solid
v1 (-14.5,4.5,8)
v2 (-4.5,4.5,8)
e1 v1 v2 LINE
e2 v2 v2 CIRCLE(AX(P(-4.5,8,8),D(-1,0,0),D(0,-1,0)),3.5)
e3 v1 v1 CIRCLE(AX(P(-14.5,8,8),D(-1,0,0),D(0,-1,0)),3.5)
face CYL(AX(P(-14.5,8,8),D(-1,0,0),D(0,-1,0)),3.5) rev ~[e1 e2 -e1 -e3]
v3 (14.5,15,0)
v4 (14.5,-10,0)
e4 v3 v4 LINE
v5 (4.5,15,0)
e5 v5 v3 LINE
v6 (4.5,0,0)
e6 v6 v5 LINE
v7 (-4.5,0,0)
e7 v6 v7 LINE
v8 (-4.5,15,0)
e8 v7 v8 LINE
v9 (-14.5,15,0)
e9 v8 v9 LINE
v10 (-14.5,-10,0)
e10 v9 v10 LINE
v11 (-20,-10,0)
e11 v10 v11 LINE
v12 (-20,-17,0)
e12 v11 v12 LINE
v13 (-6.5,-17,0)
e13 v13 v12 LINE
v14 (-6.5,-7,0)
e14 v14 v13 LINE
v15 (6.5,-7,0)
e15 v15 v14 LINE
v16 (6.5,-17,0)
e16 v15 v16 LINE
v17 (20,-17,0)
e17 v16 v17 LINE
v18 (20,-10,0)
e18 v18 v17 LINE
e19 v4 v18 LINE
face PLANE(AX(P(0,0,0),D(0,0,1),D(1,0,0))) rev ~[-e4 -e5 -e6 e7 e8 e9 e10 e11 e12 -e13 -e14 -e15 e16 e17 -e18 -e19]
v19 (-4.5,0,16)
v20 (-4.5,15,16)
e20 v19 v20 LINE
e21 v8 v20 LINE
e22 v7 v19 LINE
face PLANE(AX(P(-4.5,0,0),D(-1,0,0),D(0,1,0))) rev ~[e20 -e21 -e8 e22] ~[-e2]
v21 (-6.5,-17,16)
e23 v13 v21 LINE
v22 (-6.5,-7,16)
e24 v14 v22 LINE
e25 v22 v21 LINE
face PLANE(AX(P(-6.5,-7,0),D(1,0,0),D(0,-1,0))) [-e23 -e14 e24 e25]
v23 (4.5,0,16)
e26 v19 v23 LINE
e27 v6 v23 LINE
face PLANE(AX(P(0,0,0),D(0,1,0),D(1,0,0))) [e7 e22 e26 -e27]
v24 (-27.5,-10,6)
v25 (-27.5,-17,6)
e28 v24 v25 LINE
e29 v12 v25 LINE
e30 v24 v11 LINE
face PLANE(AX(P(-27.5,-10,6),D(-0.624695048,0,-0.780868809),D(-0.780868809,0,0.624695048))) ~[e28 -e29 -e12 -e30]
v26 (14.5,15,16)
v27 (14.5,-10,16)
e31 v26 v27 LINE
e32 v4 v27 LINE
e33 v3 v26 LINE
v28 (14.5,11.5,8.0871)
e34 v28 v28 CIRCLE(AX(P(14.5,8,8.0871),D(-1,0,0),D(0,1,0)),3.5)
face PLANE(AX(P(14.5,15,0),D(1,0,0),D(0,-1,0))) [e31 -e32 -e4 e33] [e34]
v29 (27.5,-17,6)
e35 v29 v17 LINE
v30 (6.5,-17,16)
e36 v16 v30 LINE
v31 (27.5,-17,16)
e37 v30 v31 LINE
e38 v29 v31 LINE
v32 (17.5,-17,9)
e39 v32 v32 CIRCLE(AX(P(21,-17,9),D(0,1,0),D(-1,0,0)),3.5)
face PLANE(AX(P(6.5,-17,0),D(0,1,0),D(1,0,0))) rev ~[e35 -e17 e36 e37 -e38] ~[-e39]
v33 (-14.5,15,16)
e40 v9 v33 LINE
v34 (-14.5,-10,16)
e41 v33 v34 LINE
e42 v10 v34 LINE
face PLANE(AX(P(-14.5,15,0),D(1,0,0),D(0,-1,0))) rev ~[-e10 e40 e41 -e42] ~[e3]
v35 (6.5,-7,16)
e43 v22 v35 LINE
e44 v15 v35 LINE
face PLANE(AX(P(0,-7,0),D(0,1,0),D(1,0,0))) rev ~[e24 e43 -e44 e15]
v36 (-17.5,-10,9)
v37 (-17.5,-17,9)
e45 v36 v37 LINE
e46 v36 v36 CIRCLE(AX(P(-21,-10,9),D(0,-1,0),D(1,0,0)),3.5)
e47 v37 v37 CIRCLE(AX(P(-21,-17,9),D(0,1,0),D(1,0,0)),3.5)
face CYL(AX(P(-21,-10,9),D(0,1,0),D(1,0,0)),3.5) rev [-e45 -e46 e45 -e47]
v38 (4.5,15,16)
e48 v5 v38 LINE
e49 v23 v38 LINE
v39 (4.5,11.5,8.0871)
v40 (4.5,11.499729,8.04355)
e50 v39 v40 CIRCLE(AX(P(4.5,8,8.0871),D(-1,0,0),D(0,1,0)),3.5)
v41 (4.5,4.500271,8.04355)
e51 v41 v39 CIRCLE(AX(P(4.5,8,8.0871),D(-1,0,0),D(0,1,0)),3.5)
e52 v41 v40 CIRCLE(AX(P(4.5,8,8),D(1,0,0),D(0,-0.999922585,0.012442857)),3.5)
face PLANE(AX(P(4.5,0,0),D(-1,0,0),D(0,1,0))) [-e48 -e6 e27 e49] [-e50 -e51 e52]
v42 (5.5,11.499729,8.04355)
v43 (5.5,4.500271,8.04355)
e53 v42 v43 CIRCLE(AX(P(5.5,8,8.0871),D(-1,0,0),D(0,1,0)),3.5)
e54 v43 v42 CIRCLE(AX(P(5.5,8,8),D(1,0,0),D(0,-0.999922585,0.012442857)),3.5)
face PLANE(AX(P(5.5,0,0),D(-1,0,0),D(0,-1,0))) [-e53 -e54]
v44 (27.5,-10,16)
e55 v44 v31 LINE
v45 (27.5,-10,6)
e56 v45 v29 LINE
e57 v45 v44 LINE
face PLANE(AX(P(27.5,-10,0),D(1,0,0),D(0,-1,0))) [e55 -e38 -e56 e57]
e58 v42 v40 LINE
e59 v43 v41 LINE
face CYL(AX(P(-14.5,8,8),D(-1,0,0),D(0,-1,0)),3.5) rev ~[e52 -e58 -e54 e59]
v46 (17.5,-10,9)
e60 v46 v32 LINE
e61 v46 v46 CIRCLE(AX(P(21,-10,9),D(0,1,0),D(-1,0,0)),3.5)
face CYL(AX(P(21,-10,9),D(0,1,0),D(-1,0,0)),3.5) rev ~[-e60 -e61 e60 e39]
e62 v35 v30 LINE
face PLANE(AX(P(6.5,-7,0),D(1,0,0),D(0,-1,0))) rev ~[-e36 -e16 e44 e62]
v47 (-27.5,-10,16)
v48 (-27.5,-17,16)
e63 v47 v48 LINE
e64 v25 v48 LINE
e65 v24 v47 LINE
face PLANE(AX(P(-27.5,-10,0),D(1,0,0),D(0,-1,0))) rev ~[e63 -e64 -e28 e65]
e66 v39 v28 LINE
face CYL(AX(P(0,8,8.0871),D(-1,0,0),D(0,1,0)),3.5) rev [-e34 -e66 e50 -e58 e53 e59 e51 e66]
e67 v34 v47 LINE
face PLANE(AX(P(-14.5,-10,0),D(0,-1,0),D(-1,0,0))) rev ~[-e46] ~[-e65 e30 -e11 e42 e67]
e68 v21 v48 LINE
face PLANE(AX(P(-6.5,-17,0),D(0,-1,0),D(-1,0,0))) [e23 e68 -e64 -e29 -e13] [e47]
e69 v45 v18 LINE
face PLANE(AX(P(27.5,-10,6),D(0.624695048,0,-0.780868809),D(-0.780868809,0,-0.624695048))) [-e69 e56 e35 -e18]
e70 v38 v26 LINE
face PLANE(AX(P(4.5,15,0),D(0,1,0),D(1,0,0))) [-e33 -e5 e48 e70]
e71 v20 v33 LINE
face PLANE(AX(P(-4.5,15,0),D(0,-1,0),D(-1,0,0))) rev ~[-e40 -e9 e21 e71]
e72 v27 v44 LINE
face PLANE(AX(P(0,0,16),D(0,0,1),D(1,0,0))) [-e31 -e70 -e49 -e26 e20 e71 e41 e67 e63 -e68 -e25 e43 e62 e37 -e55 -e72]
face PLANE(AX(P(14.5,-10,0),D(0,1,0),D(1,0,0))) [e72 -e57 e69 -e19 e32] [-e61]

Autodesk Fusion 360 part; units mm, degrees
sketch "Boceto1" plane through (0, 0, 0) normal (0, 0, 1) x (1, 0, 0)
  line L0 (0, 0) -> (4.5, 0)
  line L1 (4.5, 0) -> (4.5, 15)
  line L2 (4.5, 15) -> (14.5, 15)
  line L3 (14.5, 15) -> (14.5, -10)
  line L4 (14.5, -10) -> (27.5, -10)
  line L5 (27.5, -10) -> (27.5, -17)
  line L6 (0, -7) -> (6.5, -7)
  line L7 (6.5, -7) -> (6.5, -17)
  line L8 (6.5, -17) -> (27.5, -17)
  line L9 (0, -7) -> (-6.5, -7)
  line L10 (-27.5, -10) -> (-27.5, -17)
  line L11 (-6.5, -7) -> (-6.5, -17)
  line L12 (-6.5, -17) -> (-27.5, -17)
  line L13 (-14.5, -10) -> (-27.5, -10)
  line L14 (-4.5, 0) -> (-4.5, 15)
  line L15 (-14.5, 15) -> (-14.5, -10)
  line L16 (0, 0) -> (-4.5, 0)
  line L17 (-4.5, 15) -> (-14.5, 15)
  dimension "d1" = 4.5
  dimension "d2" = 15
  dimension "d3" = 10
  dimension "d4" = 25
  dimension "d5" = 13
  dimension "d6" = 7
  dimension "d7" = 6.5
  dimension "d8" = 7
  dimension "d9" = 32
extrude "Extruir1" add sketch "Boceto1" along normal blind 16
sketch "Boceto2" plane through (0, 0, 0) normal (1, 0, 0) x (0, 1, 0)
  circle A0 centre (8, 8.0871) radius 3.5
  line L0 (15, 0) -> (15, 16)
  dimension "d12" = 7
  dimension "d13" = 7
sketch "Boceto3" plane through (-14.5, 0, 0) normal (-1, 0, 0) x (0, -1, 0)
  line L0 (-15, 0) -> (10, 0)
  line L1 (10, 0) -> (10, 16)
  line L2 (10, 16) -> (-15, 16)
  line L3 (-15, 16) -> (-15, 0)
  circle A0 centre (-8, 8) radius 3.5
  dimension "d14" = 7
extrude "Extruir2" cut sketch "Boceto2" along normal blind 20
extrude "Extruir3" cut sketch "Boceto3" against normal blind 20 contours A0
sketch "Boceto4" plane through (0, -10, 0) normal (0, 1, 0) x (-1, 0, 0)
  line L0 (-27.5, 0) -> (-14.5, 0)
  line L1 (-14.5, 0) -> (-14.5, 16)
  line L2 (-14.5, 16) -> (-27.5, 16)
  line L3 (-27.5, 16) -> (-27.5, 0)
  line L4 (-27.5, 0) -> (-20, 0)
  line L5 (-27.5, 6) -> (-27.5, 0)
  line L6 (-27.5, 6) -> (-20, 0)
extrude "Extruir4" cut sketch "Boceto4" against normal blind 8 contours L0 L3 L4 L5 L6
mirror "Simetría1" about plane through (0, 0, 0) normal (1, 0, 0) of "Extruir4"
sketch "Boceto5" plane through (0, -10, 0) normal (0, 1, 0) x (-1, 0, 0)
  line L0 (-27.5, 6) -> (-20, 0)
  line L1 (-20, 0) -> (-14.5, 0)
  line L2 (-14.5, 0) -> (-14.5, 16)
  line L3 (-14.5, 16) -> (-27.5, 16)
  line L4 (-27.5, 16) -> (-27.5, 6)
  circle A0 centre (-21, 9) radius 3.5
  dimension "d27" = 7
  dimension "d28" = 7
extrude "Extruir5" cut sketch "Boceto5" against normal blind 10 contours A0
mirror "Simetría2" about plane through (0, 0, 0) normal (1, 0, 0) of "Extruir5"
